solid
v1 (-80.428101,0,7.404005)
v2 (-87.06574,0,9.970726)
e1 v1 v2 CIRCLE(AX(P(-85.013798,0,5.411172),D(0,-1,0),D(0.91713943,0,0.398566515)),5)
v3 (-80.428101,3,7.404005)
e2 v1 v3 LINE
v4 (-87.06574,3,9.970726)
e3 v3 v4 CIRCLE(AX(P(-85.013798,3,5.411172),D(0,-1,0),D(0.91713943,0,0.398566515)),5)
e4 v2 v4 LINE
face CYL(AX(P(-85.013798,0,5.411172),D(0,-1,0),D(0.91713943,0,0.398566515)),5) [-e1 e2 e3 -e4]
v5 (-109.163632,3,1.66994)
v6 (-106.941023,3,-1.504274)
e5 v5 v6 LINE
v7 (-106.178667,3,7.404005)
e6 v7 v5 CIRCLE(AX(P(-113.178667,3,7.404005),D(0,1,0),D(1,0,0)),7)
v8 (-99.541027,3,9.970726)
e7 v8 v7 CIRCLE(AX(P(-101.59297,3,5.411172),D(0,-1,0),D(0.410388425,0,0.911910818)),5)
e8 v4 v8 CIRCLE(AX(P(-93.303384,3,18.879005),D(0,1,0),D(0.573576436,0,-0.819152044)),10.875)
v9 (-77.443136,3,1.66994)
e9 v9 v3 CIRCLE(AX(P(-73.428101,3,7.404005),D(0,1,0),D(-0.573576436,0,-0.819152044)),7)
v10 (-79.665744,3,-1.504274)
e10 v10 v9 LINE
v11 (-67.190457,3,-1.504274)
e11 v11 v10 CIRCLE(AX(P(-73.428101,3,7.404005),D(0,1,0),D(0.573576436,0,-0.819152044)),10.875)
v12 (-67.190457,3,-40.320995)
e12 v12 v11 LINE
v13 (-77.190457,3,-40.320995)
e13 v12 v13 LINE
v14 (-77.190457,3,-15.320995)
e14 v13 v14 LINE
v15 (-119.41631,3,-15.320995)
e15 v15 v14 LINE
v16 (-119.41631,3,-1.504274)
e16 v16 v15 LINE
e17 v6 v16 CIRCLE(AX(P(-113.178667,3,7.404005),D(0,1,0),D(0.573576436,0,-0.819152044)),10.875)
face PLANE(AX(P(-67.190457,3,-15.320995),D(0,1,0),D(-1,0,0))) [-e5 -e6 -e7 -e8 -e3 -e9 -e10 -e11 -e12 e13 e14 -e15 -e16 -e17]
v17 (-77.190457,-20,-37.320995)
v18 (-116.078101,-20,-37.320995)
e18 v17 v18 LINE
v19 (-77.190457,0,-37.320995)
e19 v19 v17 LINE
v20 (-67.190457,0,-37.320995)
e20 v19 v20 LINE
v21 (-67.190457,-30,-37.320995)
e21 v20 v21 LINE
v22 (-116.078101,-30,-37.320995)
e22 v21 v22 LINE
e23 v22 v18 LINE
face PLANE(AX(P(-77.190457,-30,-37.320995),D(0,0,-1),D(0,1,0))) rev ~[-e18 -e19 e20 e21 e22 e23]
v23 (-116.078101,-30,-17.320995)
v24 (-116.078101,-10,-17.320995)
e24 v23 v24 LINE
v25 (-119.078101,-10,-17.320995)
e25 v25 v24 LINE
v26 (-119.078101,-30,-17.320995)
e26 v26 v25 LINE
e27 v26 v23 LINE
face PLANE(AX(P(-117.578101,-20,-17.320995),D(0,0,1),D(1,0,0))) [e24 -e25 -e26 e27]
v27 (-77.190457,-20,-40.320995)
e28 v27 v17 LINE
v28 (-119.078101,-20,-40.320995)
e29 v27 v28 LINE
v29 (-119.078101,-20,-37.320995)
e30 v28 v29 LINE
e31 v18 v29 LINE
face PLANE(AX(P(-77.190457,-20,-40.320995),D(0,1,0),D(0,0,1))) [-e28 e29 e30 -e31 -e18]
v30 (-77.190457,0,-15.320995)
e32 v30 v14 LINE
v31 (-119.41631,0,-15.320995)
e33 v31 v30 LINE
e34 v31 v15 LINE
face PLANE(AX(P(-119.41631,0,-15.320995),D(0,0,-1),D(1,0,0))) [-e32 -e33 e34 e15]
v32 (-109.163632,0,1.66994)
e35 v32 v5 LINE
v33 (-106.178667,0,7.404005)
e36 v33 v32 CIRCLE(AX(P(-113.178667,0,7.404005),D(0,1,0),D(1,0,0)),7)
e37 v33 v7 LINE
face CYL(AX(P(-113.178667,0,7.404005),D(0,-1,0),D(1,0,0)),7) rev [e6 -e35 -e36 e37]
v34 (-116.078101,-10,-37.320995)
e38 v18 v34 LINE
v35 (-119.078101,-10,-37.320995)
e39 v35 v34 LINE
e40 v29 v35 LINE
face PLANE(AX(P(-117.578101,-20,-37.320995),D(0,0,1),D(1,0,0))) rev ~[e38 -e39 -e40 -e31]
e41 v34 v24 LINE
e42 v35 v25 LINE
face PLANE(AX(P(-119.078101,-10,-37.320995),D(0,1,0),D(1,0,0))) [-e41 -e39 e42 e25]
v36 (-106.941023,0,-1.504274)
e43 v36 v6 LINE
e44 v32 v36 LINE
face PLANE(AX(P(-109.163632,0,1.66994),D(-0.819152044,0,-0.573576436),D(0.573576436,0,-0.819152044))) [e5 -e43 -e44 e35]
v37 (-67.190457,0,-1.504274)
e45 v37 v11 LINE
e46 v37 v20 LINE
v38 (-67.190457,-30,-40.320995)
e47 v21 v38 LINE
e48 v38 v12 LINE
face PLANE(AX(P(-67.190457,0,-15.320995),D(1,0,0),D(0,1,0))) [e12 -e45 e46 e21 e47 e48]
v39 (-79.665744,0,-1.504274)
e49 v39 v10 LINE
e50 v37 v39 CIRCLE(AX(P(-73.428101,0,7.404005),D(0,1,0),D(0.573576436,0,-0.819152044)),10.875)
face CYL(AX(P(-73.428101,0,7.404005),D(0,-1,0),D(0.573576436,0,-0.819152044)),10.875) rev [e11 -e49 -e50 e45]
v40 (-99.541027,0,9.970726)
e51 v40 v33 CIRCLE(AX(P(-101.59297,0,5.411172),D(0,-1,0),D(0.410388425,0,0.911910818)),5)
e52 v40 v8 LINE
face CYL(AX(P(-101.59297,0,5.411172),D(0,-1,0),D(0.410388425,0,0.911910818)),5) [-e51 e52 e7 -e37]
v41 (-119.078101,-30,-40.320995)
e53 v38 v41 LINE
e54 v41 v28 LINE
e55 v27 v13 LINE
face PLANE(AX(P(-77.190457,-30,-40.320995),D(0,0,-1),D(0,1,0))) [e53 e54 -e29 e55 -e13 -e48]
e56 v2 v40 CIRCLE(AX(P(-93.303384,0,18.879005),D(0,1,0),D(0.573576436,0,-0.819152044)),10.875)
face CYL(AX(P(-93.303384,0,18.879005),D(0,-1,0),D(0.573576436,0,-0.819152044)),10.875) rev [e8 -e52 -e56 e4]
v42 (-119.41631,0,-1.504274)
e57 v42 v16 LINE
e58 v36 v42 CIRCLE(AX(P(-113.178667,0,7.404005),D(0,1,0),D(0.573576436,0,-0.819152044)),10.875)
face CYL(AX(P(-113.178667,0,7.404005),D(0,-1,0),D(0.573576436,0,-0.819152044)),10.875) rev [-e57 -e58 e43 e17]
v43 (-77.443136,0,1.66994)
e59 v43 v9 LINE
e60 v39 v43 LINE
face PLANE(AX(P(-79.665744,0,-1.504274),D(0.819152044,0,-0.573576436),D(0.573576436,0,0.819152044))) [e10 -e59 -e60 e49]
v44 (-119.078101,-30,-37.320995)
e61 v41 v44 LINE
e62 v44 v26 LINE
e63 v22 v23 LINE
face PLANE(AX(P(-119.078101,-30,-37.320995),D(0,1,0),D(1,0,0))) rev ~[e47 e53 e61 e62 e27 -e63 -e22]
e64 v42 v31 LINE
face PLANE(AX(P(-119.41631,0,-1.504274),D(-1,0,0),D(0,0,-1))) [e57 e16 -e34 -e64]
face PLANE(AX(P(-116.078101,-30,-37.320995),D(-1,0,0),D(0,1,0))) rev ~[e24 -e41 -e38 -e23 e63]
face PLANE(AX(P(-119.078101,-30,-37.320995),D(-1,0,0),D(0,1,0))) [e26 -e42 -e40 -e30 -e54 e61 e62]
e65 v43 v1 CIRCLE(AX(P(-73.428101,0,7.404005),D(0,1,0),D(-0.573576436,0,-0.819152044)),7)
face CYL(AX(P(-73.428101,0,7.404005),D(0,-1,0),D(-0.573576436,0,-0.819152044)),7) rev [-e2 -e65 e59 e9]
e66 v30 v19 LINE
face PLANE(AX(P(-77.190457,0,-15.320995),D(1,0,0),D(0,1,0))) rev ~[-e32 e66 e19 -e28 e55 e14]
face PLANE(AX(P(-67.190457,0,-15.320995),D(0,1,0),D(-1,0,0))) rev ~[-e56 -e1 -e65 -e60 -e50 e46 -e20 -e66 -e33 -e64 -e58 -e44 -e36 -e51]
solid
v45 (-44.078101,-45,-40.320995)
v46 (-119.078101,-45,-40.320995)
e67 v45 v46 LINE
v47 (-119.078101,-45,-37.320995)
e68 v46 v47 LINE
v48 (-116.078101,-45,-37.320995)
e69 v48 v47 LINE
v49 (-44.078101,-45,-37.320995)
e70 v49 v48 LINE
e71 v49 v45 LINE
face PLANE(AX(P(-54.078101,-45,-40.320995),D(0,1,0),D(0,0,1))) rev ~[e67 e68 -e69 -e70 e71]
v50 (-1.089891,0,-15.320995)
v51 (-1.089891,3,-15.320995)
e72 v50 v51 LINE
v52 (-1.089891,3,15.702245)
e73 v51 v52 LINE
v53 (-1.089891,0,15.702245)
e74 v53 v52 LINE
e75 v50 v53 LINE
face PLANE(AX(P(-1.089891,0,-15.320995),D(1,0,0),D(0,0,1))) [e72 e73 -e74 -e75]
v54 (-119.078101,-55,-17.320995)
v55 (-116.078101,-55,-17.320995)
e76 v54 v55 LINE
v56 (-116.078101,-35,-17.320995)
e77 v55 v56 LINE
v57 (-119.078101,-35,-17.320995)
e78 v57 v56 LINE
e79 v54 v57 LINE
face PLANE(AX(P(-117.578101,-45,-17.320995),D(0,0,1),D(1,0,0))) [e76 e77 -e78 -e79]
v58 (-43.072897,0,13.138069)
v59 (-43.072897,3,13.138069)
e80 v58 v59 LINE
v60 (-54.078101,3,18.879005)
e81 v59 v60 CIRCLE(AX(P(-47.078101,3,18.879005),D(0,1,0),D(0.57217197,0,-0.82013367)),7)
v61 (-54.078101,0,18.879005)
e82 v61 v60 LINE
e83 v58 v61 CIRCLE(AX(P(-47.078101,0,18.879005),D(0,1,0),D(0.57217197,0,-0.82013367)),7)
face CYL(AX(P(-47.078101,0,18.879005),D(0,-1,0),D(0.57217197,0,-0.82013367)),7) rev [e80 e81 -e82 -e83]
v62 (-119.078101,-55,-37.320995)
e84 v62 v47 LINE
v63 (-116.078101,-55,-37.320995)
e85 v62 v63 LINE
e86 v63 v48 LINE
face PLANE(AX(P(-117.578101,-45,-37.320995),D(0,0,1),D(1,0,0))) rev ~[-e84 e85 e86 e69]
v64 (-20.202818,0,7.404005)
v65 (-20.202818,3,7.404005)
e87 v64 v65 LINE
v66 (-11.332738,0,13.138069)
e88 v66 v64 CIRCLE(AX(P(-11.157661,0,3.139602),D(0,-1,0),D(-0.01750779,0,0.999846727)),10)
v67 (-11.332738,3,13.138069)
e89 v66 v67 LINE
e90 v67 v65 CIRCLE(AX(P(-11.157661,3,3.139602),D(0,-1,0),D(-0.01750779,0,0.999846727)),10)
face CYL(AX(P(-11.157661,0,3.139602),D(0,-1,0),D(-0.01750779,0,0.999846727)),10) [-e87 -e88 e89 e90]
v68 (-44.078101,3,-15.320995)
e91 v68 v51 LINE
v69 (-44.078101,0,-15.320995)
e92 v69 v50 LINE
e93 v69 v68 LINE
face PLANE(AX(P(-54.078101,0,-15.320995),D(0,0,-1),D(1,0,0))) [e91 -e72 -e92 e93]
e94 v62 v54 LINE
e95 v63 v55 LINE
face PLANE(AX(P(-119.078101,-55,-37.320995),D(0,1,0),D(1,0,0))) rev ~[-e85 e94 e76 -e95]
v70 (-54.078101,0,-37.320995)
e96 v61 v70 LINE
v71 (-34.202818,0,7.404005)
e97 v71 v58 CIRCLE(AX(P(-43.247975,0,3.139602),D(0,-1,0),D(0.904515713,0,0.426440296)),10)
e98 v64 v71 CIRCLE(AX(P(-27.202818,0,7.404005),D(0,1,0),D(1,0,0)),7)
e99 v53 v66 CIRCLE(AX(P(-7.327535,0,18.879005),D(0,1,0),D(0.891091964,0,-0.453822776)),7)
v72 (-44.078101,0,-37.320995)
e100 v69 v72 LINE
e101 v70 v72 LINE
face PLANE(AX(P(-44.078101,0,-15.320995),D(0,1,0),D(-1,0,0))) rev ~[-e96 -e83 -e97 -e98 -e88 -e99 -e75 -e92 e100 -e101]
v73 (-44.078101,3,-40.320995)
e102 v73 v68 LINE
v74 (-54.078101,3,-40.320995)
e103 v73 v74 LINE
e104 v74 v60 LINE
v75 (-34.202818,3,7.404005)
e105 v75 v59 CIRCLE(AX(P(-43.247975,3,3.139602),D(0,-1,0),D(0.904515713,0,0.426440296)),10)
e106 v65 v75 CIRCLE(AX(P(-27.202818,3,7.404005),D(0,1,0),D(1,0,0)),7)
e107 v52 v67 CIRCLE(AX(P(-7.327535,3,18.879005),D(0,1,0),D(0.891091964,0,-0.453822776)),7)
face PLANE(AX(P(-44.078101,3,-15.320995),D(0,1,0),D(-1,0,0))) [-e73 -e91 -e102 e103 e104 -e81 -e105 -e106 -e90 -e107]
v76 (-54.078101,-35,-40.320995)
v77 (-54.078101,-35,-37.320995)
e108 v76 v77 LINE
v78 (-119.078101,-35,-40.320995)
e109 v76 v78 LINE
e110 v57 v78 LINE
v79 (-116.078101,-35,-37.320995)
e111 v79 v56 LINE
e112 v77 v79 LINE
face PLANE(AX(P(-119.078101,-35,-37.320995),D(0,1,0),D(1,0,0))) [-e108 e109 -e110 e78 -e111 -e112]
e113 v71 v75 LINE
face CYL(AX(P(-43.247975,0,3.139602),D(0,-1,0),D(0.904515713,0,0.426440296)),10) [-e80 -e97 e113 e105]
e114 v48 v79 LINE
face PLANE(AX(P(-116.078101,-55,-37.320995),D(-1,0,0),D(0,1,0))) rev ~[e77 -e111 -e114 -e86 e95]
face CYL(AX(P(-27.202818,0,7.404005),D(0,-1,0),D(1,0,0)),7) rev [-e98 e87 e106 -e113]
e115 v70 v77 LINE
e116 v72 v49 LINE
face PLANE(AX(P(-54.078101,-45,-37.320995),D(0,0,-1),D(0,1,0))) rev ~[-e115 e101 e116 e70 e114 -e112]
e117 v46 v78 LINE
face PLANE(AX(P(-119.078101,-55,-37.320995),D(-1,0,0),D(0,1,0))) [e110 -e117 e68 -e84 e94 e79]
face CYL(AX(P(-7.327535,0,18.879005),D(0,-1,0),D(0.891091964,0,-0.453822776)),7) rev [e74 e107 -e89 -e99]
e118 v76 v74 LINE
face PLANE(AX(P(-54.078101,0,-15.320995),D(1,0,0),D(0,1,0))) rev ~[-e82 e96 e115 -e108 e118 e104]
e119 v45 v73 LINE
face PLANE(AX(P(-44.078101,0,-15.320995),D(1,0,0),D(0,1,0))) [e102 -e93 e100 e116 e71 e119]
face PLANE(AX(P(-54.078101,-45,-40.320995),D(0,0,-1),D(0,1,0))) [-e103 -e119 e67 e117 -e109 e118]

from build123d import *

# Parameters (mm, degrees)
BOSS_EXTRUDE1_DEPTH   = 3
BOSS_EXTRUDE1_2_DEPTH = 3
SKETCH3_W             = 10
SKETCH3_H             = 3
BOSS_EXTRUDE2_DEPTH   = 25
SKETCH4_W             = 10
SKETCH4_H             = 3
BOSS_EXTRUDE3_DEPTH   = 33
SKETCH5_W             = 10
SKETCH5_H             = 3
BOSS_EXTRUDE4_DEPTH   = 48
SKETCH6_W             = 3
SKETCH6_H             = 10
BOSS_EXTRUDE5_DEPTH   = 65
SKETCH7_W             = 3
SKETCH7_H             = 10
BOSS_EXTRUDE6_DEPTH   = 41.887643745
SKETCH8_W             = 3
SKETCH8_H             = 20
BOSS_EXTRUDE7_DEPTH   = 20


with BuildPart() as part:
    # Sketch1 → Boss-Extrude1 (new body)
    with BuildSketch(Plane(origin=(0, 0, 0), x_dir=(1, 0, 0), z_dir=(0, 1, 0))):
        with BuildLine():
            Line((-109.16363165, -1.669940304), (-106.941022959, 1.504273867))
            ThreePointArc((-106.941022959, 1.504273867), (-113.178666704, 3.470995386), (-119.41631045, 1.504273867))
            Line((-119.41631045, 1.504273867), (-119.41631045, 15.320995386))
            Line((-119.41631045, 15.320995386), (-67.190456925, 15.320995386))
            Line((-67.190456925, 15.320995386), (-67.190456925, 1.504273867))
            ThreePointArc((-67.190456925, 1.504273867), (-73.428100671, 3.470995386), (-79.665744416, 1.504273867))
            Line((-79.665744416, 1.504273867), (-77.443135725, -1.669940304))
            ThreePointArc((-77.443135725, -1.669940304), (-79.637176503, -4.171764322), (-80.428100671, -7.404004614))
            ThreePointArc((-80.428100671, -7.404004614), (-83.210469377, -10.07464784), (-87.065739942, -9.970726133))
            ThreePointArc((-87.065739942, -9.970726133), (-93.303383688, -8.004004614), (-99.541027433, -9.970726133))
            ThreePointArc((-99.541027433, -9.970726133), (-103.396297998, -10.07464784), (-106.178666704, -7.404004614))
            ThreePointArc((-106.178666704, -7.404004614), (-106.969590872, -4.171764322), (-109.16363165, -1.669940304))
        make_face()
    extrude(amount=BOSS_EXTRUDE1_DEPTH)



with BuildPart() as body_2:
    # Sketch1 → Boss-Extrude1 2 (new body)
    with BuildSketch(Plane(origin=(0, 0, 0), x_dir=(1, 0, 0), z_dir=(0, 1, 0))):
        with BuildLine():
            Line((-54.078100671, -18.879004614), (-54.078100671, 15.320995386))
            Line((-54.078100671, 15.320995386), (-1.089890892, 15.320995386))
            Line((-1.089890892, 15.320995386), (-1.089890892, -15.70224518))
            ThreePointArc((-1.089890892, -15.70224518), (-5.627623756, -12.088547855), (-11.332738428, -13.138068924))
            ThreePointArc((-11.332738428, -13.138068924), (-16.58656989, -11.537633756), (-20.202817654, -7.404004614))
            ThreePointArc((-20.202817654, -7.404004614), (-27.202817654, -0.404004614), (-34.202817654, -7.404004614))
            ThreePointArc((-34.202817654, -7.404004614), (-37.819065418, -11.537633756), (-43.07289688, -13.138068924))
            ThreePointArc((-43.07289688, -13.138068924), (-50.315659432, -12.672700298), (-54.078100671, -18.879004614))
        make_face()
    extrude(amount=BOSS_EXTRUDE1_2_DEPTH)


with BuildPart() as part_1:
    add(part.part)

    add(body_2.part)  # Boss-Extrude2 merges body 2
    # Sketch3 → Boss-Extrude2 (add)
    with BuildSketch(Plane(origin=(0, 0, -15.320995386), x_dir=(-1, 0, 0), z_dir=(0, 0, -1))):
        with Locations((72.190456925, 1.5)):
            Rectangle(SKETCH3_W, SKETCH3_H)
        with Locations((49.078100671, 1.5)):
            Rectangle(SKETCH3_W, SKETCH3_H)
    extrude(amount=BOSS_EXTRUDE2_DEPTH)

    # Sketch4 → Boss-Extrude3 (add)
    with BuildSketch(Plane(origin=(0, 3, 0), x_dir=(1, 0, 0), z_dir=(0, 1, 0))):
        with Locations((-72.190456925, 38.820995386)):
            Rectangle(SKETCH4_W, SKETCH4_H)
    extrude(amount=-BOSS_EXTRUDE3_DEPTH)

    # Sketch5 → Boss-Extrude4 (add)
    with BuildSketch(Plane(origin=(0, 3, 0), x_dir=(1, 0, 0), z_dir=(0, 1, 0))):
        with Locations((-49.078100671, 38.820995386)):
            Rectangle(SKETCH5_W, SKETCH5_H)
    extrude(amount=-BOSS_EXTRUDE4_DEPTH)

    # Sketch6 → Boss-Extrude5 (add)
    with BuildSketch(Plane.ZY.offset(54.078100671)):
        with Locations((-38.820995386, -40)):
            Rectangle(SKETCH6_W, SKETCH6_H)
    extrude(amount=BOSS_EXTRUDE5_DEPTH)

    # Sketch7 → Boss-Extrude6 (add)
    with BuildSketch(Plane.ZY.offset(77.190456925)):
        with Locations((-38.820995386, -25)):
            Rectangle(SKETCH7_W, SKETCH7_H)
    extrude(amount=BOSS_EXTRUDE6_DEPTH)

    # Sketch8 → Boss-Extrude7 (add)
    with BuildSketch(Plane.XY.offset(-37.320995386)):
        with Locations((-117.578100671, -20)):
            Rectangle(SKETCH8_W, SKETCH8_H)
        with Locations((-117.578100671, -45)):
            Rectangle(SKETCH8_W, SKETCH8_H)
    extrude(amount=BOSS_EXTRUDE7_DEPTH)


solid = part_1.part
